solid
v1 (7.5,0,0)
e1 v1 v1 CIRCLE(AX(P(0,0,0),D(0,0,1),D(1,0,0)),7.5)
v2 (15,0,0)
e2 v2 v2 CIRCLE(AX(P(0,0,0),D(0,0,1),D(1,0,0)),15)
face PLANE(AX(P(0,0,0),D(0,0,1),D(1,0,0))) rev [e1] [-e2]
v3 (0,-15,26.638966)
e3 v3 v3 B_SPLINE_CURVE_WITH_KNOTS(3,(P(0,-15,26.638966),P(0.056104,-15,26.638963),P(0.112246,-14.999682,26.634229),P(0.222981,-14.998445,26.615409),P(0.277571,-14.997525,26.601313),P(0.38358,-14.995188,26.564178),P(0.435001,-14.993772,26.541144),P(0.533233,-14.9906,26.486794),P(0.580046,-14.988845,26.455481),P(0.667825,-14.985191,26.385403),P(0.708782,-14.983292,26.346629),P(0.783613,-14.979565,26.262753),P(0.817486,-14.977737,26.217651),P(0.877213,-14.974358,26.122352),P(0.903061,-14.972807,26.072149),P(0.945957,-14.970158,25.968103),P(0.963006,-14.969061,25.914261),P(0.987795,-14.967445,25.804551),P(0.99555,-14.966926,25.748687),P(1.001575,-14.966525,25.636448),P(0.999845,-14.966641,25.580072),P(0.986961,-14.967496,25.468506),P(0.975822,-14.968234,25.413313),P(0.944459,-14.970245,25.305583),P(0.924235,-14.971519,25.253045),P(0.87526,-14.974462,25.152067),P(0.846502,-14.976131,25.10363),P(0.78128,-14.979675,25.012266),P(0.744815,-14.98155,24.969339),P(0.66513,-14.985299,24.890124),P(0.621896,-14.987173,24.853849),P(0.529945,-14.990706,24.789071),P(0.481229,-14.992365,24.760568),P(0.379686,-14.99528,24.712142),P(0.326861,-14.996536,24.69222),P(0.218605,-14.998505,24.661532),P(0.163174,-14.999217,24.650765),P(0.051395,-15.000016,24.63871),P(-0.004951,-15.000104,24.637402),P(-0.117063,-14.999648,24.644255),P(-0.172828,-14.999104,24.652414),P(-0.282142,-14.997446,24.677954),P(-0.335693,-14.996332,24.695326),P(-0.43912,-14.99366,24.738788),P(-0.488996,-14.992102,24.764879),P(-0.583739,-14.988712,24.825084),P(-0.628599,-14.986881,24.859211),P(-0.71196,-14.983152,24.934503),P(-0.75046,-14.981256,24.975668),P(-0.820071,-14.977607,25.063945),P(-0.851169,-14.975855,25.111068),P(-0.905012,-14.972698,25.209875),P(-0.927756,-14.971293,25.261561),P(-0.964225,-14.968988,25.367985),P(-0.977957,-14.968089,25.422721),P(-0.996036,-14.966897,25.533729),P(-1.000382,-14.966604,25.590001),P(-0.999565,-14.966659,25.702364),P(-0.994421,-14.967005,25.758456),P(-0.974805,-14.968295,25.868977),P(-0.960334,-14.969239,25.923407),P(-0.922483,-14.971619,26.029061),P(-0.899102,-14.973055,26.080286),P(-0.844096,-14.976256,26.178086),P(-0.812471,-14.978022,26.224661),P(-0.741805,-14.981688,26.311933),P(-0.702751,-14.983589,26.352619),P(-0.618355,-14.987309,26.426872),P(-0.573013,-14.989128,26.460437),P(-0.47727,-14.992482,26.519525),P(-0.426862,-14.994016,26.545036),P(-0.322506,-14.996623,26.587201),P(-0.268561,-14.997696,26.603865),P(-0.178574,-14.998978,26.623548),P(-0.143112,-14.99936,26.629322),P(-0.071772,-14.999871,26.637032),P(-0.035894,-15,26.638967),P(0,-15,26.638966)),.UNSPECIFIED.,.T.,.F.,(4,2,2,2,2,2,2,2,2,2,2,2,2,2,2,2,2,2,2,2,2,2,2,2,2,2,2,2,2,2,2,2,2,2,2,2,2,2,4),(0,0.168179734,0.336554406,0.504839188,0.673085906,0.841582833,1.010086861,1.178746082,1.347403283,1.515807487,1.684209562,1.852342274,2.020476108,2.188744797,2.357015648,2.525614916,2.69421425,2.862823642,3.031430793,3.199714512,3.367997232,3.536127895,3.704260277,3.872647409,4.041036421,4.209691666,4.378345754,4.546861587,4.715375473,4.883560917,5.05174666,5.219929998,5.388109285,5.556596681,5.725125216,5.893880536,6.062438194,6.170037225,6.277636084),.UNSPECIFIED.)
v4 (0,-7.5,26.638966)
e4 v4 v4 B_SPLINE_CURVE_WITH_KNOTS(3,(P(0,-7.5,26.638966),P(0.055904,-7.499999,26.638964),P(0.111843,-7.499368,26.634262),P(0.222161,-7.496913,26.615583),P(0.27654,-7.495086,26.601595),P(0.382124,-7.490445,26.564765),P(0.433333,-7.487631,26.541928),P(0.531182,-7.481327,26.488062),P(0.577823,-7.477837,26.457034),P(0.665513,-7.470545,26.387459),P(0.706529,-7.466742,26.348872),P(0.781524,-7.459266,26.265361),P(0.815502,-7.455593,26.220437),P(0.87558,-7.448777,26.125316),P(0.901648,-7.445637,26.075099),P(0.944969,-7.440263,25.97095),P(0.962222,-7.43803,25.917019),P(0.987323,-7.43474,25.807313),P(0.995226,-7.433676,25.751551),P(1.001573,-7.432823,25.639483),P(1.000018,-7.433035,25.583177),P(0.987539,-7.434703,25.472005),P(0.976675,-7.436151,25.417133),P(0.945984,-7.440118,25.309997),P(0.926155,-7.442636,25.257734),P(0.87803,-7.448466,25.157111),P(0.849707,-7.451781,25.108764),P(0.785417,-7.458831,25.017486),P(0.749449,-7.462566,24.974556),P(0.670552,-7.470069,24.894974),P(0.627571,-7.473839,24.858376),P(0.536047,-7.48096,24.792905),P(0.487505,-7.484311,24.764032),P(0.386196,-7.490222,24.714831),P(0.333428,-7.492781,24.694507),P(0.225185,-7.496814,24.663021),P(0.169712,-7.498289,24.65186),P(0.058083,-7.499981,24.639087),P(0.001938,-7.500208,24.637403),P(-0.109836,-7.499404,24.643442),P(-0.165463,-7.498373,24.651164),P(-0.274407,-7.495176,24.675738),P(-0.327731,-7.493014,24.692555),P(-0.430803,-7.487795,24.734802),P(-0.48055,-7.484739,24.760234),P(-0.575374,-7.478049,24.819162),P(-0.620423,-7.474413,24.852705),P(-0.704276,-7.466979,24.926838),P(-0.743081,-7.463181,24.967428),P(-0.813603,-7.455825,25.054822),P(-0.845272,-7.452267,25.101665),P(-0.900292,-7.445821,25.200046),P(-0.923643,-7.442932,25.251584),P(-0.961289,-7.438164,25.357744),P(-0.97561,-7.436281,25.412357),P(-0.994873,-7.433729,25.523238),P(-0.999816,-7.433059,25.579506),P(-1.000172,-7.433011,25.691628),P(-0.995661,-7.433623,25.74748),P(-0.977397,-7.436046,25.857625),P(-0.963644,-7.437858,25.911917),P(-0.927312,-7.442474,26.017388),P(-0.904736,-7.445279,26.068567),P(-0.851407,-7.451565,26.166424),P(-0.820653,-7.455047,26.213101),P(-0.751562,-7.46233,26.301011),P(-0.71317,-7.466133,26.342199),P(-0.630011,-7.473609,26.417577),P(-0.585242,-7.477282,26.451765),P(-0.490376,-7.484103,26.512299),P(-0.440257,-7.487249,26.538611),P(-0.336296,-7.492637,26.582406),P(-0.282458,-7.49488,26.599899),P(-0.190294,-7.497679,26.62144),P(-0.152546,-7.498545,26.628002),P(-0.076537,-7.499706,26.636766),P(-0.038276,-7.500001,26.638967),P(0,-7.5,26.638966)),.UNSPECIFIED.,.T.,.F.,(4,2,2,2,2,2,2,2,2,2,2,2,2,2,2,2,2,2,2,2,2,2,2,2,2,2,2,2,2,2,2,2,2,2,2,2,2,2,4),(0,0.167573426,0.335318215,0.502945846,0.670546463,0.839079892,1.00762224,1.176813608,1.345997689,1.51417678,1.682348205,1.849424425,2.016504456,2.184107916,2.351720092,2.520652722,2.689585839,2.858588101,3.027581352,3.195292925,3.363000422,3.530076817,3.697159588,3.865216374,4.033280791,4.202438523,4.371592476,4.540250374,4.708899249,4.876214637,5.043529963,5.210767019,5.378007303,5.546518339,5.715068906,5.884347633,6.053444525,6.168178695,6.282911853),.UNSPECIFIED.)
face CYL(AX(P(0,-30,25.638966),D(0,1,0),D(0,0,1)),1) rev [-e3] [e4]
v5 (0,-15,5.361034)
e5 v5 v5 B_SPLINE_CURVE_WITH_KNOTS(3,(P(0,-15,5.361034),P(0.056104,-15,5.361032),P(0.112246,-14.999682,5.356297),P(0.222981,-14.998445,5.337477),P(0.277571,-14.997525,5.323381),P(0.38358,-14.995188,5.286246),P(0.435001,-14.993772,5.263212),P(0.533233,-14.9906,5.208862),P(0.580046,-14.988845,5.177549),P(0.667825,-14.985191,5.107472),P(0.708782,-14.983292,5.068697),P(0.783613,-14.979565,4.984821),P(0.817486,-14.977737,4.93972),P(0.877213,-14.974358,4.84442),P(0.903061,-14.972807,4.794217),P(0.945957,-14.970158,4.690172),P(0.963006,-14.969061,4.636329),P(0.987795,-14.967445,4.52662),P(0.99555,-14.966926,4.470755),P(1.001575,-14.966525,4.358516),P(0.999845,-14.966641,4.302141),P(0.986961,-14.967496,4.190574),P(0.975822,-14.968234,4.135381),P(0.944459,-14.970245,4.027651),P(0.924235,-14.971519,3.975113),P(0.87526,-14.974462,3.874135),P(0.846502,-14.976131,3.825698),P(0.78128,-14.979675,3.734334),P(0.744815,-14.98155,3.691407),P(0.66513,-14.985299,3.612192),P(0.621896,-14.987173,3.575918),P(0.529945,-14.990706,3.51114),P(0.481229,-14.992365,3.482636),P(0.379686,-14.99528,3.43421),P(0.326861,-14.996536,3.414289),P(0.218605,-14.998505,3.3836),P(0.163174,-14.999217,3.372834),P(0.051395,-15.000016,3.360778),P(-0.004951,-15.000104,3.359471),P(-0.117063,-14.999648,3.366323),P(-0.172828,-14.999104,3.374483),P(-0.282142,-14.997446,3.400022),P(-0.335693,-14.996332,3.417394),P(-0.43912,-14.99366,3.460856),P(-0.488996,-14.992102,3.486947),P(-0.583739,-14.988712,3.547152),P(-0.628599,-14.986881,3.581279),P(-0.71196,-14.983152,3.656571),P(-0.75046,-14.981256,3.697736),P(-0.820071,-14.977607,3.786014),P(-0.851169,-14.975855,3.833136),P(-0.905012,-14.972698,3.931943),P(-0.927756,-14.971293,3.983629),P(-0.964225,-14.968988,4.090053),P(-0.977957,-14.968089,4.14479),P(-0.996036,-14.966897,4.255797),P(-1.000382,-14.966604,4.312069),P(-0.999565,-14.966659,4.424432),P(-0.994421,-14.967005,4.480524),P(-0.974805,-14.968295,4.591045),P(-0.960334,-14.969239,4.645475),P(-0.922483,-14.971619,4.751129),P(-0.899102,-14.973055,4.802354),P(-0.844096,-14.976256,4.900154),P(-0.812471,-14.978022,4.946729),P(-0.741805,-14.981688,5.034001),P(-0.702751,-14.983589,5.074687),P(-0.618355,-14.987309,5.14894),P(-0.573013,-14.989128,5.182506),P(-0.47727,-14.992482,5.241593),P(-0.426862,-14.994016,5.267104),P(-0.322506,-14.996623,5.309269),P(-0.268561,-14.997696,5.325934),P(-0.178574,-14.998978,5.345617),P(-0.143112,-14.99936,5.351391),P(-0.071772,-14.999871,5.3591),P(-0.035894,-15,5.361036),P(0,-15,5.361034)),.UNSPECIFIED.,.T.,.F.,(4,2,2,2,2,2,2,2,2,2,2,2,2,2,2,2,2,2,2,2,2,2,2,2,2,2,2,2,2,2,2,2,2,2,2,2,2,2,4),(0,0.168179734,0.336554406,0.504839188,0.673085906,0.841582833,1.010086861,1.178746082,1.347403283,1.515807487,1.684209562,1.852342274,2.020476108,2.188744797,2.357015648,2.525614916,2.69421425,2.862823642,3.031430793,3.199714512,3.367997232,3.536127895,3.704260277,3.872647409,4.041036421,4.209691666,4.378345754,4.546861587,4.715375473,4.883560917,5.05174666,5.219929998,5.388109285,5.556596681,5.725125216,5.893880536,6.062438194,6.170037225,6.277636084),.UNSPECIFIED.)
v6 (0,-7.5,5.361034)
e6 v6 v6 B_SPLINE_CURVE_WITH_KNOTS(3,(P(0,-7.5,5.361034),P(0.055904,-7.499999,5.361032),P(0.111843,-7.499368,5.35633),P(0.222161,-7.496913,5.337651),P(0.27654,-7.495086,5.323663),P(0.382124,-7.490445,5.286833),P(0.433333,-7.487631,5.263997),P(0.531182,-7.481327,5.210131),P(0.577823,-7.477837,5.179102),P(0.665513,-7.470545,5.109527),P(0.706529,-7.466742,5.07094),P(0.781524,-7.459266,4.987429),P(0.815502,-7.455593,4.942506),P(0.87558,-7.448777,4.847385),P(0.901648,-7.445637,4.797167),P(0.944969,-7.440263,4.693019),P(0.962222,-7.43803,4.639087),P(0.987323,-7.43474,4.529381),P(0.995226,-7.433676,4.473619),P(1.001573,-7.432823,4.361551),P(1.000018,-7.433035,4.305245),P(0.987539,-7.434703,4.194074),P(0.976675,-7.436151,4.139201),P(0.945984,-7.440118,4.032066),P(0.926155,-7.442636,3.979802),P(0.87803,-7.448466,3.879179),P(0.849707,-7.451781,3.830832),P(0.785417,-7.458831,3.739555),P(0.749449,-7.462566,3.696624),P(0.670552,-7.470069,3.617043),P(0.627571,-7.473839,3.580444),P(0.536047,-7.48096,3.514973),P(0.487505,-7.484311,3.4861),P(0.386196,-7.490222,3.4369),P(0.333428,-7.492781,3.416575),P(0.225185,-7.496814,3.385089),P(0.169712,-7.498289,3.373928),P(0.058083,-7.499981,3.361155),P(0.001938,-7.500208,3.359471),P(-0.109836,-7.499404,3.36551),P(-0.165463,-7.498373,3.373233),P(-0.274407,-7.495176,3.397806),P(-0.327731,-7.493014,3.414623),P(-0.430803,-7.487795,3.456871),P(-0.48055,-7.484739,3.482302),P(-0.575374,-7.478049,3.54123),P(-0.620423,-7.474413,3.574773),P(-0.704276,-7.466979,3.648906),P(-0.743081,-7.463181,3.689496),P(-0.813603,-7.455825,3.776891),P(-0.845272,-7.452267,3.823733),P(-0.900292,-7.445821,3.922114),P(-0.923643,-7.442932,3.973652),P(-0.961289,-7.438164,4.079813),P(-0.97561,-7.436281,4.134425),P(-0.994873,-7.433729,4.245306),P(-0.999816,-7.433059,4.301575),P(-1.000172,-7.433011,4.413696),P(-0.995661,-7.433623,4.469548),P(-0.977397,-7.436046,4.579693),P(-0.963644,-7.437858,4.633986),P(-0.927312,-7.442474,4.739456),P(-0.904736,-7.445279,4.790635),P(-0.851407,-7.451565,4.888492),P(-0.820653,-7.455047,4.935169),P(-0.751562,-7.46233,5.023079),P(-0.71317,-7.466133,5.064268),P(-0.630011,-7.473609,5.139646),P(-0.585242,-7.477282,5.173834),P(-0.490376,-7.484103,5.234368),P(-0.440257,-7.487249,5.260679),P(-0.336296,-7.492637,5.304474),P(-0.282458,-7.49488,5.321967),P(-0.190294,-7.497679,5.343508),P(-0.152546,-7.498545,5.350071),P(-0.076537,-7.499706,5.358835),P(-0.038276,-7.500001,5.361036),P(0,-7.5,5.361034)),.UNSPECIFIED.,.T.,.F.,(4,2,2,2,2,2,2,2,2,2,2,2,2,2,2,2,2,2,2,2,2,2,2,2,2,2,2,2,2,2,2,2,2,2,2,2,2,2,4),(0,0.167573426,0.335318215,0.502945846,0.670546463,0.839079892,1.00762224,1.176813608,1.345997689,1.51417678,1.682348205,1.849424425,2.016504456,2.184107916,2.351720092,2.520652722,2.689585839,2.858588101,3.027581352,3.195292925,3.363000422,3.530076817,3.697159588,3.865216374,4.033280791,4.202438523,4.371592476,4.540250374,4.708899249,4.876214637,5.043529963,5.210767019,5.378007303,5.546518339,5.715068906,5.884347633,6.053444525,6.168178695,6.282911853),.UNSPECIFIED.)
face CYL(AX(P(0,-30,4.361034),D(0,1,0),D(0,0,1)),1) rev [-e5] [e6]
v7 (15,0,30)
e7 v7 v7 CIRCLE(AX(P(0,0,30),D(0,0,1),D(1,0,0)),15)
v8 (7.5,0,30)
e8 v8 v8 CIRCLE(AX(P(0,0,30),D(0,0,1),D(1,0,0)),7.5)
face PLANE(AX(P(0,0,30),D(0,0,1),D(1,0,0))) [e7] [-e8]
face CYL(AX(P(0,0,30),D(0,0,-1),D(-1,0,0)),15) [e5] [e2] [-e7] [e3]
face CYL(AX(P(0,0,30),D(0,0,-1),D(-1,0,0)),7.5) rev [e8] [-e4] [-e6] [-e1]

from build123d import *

# Parameters (mm, degrees)
SKETCH_1_R          = 15
SKETCH_1_R_2        = 7.5
EXTRUDE_1_DEPTH     = 30
SKETCH_2_R          = 1
CUT_EXTRUDE_1_DEPTH = 30


with BuildPart() as part:
    # 草图1 → 凸台-拉伸1 (new body)
    with BuildSketch(Plane.XY):
        Circle(SKETCH_1_R)
        Circle(SKETCH_1_R_2, mode=Mode.SUBTRACT)
    extrude(amount=EXTRUDE_1_DEPTH)

    # 草图2 → 切除-拉伸1 (cut)
    with BuildSketch(Plane(origin=(0, 0, 0), x_dir=(1, 0, 0), z_dir=(0, 1, 0))):
        with Locations(Location((0, -25.638965873, 0), (0, 0, 270))):
            Circle(SKETCH_2_R)
        with Locations(Location((0, -4.361034127, 0), (0, 0, 270))):
            Circle(SKETCH_2_R)
    extrude(amount=-CUT_EXTRUDE_1_DEPTH, mode=Mode.SUBTRACT)


solid = part.part
